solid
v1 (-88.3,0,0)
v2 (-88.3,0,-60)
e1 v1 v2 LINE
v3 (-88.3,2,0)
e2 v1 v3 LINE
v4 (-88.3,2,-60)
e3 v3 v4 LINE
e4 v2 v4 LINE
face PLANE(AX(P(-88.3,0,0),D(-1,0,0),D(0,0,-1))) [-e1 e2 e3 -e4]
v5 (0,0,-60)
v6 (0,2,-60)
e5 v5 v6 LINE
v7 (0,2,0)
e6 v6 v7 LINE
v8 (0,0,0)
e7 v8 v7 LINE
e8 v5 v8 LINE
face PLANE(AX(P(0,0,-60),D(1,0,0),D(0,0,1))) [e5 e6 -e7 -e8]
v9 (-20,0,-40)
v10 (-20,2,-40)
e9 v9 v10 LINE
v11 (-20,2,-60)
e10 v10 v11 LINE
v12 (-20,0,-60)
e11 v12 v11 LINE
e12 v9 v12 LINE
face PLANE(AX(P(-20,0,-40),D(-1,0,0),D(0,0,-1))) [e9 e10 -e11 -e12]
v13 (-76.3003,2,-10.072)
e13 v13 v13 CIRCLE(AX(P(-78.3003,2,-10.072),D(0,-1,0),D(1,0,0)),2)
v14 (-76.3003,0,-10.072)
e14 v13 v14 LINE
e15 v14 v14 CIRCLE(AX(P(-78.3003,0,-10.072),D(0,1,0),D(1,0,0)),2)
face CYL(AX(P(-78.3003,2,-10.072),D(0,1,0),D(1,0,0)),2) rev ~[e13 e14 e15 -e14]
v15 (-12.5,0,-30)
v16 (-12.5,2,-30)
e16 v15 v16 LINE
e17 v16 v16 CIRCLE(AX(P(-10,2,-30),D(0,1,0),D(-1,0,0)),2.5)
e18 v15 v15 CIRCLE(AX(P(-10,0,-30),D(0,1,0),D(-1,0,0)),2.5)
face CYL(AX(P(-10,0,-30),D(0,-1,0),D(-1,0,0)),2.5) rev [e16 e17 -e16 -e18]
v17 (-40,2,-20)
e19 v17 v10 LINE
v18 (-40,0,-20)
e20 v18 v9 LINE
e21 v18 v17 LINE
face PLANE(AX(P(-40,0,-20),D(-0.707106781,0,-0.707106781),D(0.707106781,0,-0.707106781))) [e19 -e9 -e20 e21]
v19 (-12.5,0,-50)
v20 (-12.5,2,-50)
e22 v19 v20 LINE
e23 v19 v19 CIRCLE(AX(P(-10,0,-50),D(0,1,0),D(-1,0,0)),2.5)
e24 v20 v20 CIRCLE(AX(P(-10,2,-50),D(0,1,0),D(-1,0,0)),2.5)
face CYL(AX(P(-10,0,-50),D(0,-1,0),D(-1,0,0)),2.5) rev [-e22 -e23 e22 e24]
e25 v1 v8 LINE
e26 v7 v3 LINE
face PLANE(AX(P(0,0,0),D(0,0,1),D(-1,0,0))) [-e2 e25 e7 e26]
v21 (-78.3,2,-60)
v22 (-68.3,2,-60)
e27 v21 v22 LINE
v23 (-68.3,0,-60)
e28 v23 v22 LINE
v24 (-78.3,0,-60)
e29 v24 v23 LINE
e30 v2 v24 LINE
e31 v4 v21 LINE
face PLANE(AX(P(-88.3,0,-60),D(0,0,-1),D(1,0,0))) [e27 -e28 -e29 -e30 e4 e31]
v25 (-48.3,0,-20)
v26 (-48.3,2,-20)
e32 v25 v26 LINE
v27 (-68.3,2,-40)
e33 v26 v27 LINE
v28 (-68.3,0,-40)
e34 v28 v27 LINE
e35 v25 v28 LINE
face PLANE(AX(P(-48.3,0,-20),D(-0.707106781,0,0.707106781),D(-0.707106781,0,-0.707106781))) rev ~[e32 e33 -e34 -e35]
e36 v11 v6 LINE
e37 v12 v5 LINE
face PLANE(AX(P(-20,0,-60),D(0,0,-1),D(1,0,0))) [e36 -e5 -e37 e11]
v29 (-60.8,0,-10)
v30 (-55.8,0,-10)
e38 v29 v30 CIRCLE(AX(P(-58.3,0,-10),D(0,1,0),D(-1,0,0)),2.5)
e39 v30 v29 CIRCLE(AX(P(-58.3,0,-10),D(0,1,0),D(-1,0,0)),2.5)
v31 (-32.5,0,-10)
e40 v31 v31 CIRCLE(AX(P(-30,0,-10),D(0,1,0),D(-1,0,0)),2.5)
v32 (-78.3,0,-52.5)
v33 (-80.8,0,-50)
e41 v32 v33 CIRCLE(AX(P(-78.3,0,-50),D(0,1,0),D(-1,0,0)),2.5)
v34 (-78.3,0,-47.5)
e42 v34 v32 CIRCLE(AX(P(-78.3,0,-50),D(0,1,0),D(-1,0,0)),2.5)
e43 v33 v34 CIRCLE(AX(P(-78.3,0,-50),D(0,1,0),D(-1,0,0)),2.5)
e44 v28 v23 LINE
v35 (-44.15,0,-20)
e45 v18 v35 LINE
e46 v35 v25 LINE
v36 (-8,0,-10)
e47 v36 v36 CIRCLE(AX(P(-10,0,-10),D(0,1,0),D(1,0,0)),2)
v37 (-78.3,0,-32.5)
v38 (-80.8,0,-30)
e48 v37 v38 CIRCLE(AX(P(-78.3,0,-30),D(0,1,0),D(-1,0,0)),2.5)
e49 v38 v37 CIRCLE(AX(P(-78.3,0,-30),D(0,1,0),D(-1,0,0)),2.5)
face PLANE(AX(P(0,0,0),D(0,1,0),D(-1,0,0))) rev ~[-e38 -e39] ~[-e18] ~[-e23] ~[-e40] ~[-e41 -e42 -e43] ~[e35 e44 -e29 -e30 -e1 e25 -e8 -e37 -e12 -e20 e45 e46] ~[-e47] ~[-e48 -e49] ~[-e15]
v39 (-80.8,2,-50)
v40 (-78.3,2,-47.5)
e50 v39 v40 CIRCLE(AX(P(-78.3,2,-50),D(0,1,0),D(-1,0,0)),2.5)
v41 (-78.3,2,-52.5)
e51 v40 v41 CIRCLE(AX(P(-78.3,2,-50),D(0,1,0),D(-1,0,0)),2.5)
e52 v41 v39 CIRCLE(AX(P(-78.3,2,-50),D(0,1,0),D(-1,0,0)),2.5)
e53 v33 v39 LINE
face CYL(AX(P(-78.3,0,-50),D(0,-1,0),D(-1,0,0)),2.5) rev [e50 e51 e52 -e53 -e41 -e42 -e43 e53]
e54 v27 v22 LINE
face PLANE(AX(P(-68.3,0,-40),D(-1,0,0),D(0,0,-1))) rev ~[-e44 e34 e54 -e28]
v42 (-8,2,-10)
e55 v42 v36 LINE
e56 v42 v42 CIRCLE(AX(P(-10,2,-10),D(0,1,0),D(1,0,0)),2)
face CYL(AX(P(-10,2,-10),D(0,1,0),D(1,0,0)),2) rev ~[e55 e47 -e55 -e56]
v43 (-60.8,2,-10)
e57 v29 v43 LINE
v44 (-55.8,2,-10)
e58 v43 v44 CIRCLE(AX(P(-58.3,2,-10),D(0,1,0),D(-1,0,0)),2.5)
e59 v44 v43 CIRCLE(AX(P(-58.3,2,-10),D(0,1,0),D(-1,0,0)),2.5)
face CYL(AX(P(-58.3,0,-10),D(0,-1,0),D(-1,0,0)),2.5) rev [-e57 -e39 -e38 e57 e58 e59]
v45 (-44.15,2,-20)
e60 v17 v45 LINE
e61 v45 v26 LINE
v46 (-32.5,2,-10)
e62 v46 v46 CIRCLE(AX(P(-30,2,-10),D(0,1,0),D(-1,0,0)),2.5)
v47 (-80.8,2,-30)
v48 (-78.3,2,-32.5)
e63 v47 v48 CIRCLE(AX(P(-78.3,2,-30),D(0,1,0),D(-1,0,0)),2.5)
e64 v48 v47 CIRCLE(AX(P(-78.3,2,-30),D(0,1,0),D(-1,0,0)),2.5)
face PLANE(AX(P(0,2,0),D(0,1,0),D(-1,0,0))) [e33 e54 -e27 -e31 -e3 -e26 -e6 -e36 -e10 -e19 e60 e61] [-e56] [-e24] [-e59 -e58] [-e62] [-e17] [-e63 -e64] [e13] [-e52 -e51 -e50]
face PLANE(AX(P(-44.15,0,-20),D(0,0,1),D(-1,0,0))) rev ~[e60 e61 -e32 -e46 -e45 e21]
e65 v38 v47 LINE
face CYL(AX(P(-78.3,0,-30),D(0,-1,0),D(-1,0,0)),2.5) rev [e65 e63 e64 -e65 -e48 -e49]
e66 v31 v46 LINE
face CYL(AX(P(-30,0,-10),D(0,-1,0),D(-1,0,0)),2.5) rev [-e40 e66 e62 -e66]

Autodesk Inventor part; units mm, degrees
ref_plane "YZ Plane" through (0, 0, 0) normal (1, 0, 0) x (0, 1, 0)
ref_plane "XZ Plane" through (0, 0, 0) normal (0, 1, 0) x (-1, 0, 0)
ref_plane "XY Plane" through (0, 0, 0) normal (0, 0, 1) x (1, 0, 0)
sketch "Sketch2" plane through (0, 0, 0) normal (0, 1, 0) x (-1, 0, 0)
  line L0 (0, 0) -> (88.3, 0)
  line L1 (88.3, 0) -> (88.3, -60)
  line L2 (88.3, -60) -> (0, -60)
  line L3 (0, -60) -> (0, 0)
  line L4 (88.3, -60) -> (68.3, -60)
  line L5 (68.3, 0) -> (68.3, -20)
  line L6 (0, -60) -> (20, -60)
  line L7 (20, 0) -> (20, -20)
  line L8 (20, -20) -> (20, -60)
  line L9 (20, -20) -> (68.3, -20)
  line L10 (68.3, -20) -> (68.3, -60)
  line L11 (68.3, -20) -> (48.3, -20)
  line L12 (48.3, -20) -> (68.3, -40)
  line L13 (20, -20) -> (40, -20)
  line L14 (40, -20) -> (20, -40)
  line L15 (78.3, -60) -> (78.3, -40)
  line L16 (78.3, -40) -> (78.3, -50)
  line L17 (78.3, -40) -> (78.3, -50)
  line L18 (78.3, -40) -> (78.3, -30)
  circle A0 centre (78.3, -30) radius 2.5
  circle A1 centre (78.3, -50) radius 2.5
  line L19 (44.15, -60) -> (44.15, -44.15)
  circle A2 centre (10, -30) radius 2.5
  circle A3 centre (10, -50) radius 2.5
  line L20 (44.15, -20) -> (44.15, -10)
  line L21 (44.15, -10) -> (58.3, -10)
  line L22 (44.15, -10) -> (30, -10)
  circle A4 centre (58.3, -10) radius 2.5
  circle A5 centre (30, -10) radius 2.5
  dimension "d0" = 88.3
  dimension "d1" = 60
  dimension "d2" = 20
  dimension "d3" = 20
  dimension "d4" = 20
  dimension "d5" = 20
  dimension "d6" = 20
  dimension "d7" = 20
  dimension "d9" = 20
  dimension "d10" = 5
  dimension "d11" = 5
  dimension "d12" = 5
  dimension "d13" = 5
extrude "Extrusion1" add sketch "Sketch2" along normal blind 2 contours L0 L7 L8 L2 L3 | L0 L5 L9 L7 | L0 L1 L2 L10 L5 | L9 L14 L8 | L10 L12 L9
sketch "Sketch3" plane through (0, 2, 0) normal (0, 1, 0) x (1, 0, 0)
  line L0 (0, 0) -> (0, 10)
  line L1 (0, 0) -> (0, 60) projected
  line L2 (0, 10) -> (-10, 10)
  line L3 (-88.2278, 0) -> (-88.3, 9.9997)
  line L4 (-88.3, 60) -> (-88.3, 0) projected
  line L5 (-88.3, 9.9997) -> (-78.3003, 10.072)
  circle A0 centre (-78.3003, 10.072) radius 2
  circle A1 centre (-10, 10) radius 2
  dimension "d16" = 10
  dimension "d17" = 10
  dimension "d18" = 10
  dimension "d19" = 10
  dimension "d20" = 4
  dimension "d21" = 4
extrude "Extrusion2" cut sketch "Sketch3" against normal blind 2
properties part number "Connect_u2020" material "Aluminum 6061"
